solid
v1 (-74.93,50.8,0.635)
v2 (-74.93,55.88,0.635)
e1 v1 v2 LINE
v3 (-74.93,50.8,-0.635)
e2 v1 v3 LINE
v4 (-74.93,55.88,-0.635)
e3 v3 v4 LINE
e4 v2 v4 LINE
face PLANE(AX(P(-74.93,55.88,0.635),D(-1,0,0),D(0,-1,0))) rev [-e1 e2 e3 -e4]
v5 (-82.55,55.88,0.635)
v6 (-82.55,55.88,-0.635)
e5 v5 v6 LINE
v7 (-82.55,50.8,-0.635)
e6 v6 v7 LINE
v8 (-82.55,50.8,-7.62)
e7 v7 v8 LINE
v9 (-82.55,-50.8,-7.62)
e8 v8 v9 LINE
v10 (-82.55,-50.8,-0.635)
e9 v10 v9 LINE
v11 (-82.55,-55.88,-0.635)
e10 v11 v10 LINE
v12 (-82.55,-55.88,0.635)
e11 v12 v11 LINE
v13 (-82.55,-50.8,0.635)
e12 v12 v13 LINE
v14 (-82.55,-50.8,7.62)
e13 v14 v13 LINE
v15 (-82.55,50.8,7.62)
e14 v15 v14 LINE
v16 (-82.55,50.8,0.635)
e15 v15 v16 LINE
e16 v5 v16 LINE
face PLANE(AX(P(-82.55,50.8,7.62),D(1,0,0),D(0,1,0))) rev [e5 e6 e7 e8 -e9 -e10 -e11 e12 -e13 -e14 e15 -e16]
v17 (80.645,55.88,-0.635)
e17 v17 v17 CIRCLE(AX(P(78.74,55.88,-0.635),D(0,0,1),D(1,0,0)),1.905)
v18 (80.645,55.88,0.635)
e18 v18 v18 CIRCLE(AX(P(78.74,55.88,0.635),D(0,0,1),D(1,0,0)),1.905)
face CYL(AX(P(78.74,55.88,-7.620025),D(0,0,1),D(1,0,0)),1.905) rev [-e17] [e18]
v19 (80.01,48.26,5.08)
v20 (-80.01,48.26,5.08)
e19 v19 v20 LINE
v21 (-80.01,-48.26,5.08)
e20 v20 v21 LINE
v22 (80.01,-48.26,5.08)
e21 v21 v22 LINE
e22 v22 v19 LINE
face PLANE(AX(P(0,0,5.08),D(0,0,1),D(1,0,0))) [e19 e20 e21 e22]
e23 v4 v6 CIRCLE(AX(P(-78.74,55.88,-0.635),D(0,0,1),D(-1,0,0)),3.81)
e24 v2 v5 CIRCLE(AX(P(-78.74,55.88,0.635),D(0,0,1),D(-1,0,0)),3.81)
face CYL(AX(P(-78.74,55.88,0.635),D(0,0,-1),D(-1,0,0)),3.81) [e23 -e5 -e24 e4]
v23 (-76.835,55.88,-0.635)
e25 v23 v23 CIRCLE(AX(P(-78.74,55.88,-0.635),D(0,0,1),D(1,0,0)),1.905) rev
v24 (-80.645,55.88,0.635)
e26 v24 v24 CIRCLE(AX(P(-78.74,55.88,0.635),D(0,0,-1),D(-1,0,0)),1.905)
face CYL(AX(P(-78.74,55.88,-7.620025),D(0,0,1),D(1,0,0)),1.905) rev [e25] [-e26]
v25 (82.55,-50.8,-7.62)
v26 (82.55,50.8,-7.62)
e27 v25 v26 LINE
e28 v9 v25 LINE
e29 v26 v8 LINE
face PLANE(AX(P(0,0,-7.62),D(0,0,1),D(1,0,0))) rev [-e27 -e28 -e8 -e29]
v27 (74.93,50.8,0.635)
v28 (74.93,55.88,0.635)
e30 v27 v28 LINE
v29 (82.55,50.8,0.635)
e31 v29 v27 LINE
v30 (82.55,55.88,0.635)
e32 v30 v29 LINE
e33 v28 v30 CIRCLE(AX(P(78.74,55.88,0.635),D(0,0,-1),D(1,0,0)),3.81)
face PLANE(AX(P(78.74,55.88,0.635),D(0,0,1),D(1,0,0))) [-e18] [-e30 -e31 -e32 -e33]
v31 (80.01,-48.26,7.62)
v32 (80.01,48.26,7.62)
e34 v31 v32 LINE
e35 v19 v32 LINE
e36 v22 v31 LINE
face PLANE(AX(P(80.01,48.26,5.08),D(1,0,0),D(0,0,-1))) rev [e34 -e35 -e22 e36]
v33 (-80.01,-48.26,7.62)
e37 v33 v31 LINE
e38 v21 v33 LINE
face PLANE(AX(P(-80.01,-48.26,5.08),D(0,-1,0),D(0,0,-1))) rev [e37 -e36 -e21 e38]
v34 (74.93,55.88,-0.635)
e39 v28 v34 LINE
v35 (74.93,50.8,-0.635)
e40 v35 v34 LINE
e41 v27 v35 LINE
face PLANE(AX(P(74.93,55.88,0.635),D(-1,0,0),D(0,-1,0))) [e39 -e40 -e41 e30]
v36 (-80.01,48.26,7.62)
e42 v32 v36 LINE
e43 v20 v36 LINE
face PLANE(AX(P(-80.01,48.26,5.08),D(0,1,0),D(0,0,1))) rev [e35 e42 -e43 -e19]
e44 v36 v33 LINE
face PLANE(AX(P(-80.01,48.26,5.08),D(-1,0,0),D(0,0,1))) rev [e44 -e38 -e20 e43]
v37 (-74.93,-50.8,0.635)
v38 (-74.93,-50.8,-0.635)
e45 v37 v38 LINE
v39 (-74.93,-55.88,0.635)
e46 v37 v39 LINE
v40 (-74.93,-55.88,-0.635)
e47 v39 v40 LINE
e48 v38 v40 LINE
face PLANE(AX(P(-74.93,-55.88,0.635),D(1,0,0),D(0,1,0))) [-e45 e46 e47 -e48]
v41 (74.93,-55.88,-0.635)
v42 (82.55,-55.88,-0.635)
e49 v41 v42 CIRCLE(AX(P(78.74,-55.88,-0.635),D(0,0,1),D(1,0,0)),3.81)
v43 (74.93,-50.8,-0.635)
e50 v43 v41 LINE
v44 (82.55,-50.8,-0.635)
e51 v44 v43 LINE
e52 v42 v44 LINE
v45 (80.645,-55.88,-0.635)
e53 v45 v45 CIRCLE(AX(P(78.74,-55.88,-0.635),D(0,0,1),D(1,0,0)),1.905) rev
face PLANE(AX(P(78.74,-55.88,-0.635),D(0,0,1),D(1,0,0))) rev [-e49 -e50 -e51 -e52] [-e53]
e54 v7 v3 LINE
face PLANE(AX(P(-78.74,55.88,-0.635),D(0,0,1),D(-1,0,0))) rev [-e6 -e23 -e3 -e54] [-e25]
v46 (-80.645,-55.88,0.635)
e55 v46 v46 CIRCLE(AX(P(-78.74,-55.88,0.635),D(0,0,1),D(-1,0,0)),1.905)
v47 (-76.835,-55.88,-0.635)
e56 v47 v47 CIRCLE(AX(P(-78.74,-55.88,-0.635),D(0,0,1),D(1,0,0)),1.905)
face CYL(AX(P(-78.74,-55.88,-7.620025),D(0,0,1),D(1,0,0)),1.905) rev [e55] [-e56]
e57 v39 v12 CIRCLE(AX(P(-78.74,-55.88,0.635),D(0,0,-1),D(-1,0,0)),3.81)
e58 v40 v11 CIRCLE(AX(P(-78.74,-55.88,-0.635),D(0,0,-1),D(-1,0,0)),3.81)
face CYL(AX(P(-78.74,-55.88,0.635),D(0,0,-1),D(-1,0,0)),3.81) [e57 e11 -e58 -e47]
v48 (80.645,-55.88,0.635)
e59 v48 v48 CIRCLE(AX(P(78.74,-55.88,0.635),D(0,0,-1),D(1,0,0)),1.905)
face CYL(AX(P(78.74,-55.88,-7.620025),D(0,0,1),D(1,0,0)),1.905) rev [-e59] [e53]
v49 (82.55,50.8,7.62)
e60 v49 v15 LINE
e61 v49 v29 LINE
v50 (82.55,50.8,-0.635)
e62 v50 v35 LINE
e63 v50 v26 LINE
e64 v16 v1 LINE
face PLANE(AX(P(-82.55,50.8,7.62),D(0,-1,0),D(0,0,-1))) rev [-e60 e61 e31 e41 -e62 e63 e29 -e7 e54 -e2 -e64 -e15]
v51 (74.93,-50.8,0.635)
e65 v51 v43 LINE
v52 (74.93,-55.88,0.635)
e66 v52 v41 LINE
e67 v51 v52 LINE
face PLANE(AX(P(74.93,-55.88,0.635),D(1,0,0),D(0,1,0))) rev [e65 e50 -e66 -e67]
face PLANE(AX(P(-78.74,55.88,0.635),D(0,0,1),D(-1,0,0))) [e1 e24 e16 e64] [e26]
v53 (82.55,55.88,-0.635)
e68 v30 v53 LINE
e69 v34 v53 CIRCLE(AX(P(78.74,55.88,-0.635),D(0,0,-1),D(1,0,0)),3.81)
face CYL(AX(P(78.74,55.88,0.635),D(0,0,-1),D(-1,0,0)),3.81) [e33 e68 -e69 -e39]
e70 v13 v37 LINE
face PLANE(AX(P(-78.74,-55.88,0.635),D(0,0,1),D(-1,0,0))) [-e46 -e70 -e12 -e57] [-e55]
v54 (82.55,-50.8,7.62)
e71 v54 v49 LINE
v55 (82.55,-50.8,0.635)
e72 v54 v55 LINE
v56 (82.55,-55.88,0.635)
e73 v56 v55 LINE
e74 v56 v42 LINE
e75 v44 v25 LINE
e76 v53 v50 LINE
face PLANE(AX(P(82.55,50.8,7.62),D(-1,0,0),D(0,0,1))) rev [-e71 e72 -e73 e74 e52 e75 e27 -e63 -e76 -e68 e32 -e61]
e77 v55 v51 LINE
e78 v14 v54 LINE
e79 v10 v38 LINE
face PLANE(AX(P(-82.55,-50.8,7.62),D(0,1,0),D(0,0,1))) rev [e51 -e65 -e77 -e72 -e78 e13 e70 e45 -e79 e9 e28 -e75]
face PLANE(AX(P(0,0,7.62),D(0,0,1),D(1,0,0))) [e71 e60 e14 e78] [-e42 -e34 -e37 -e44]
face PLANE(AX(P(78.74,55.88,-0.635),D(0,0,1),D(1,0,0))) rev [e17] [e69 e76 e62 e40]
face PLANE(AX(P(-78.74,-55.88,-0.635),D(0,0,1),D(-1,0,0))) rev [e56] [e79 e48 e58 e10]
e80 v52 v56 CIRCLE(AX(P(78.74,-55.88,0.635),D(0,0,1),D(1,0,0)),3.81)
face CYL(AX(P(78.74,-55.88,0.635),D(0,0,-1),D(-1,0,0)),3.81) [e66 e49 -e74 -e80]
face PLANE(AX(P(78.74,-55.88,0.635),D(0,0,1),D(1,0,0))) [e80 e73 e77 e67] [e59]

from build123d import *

# Parameters (mm, degrees)
SKETCH1_W               = 165.1
SKETCH1_H               = 101.6
BOSS_EXTRUDE1_DEPTH     = 7.62
SKETCH2_W               = 160.02
SKETCH2_H               = 96.52
CUT_EXTRUDE1_DEPTH      = 2.54
BOSS_EXTRUDE2_START     = -7.62
BOSS_EXTRUDE2_DEPTH     = 0.635
SKETCH4_R               = 1.905
CUT_EXTRUDE2_DEPTH      = 103.203442334
MIRROR2_START           = -7.62
MIRROR2_COPY_1_DEPTH    = 0.635
MIRROR2_COPY_2_SKETCH_R = 1.905
MIRROR2_COPY_2_DEPTH    = 103.203442334


with BuildPart() as part:
    # Sketch1 → Boss-Extrude1 (new, symmetric)
    with BuildSketch(Plane.XY):
        Rectangle(SKETCH1_W, SKETCH1_H)
    extrude(amount=BOSS_EXTRUDE1_DEPTH, both=True)

    # Sketch2 → Cut-Extrude1 (cut)
    with BuildSketch(Plane.XY.offset(7.62)):
        Rectangle(SKETCH2_W, SKETCH2_H)
    extrude(amount=-CUT_EXTRUDE1_DEPTH, mode=Mode.SUBTRACT)

    # Sketch3 → Boss-Extrude2 (add, symmetric)
    with BuildSketch(Plane(origin=(0, 0, -7.62), x_dir=(-1, 0, 0), z_dir=(0, 0, -1)).offset(BOSS_EXTRUDE2_START)):
        with BuildLine():
            Line((-82.55, 55.88), (-82.55, 50.8))
            Line((-82.55, 50.8), (-74.93, 50.8))
            Line((-74.93, 50.8), (-74.93, 55.88))
            ThreePointArc((-74.93, 55.88), (-78.74, 59.69), (-82.55, 55.88))
        make_face()
    boss_extrude2 = extrude(amount=BOSS_EXTRUDE2_DEPTH, both=True)

    # Sketch4 → Cut-Extrude2 (cut, through all)
    with BuildSketch(Plane.XY.offset(0.635)):
        with Locations((78.74, 55.88)):
            Circle(SKETCH4_R)
    cut_extrude2 = extrude(amount=-CUT_EXTRUDE2_DEPTH, mode=Mode.SUBTRACT)

    # Mirror1: Boss-Extrude2, Cut-Extrude2 across plane
    add(boss_extrude2.mirror(Plane.ZX))
    add(cut_extrude2.mirror(Plane.ZX), mode=Mode.SUBTRACT)

    # Mirror2: Boss-Extrude2, Cut-Extrude2 across plane
    add(boss_extrude2.mirror(Plane(origin=(0, 0, 0), x_dir=(0, 0, 1), z_dir=(1, 0, 0))))
    add(cut_extrude2.mirror(Plane(origin=(0, 0, 0), x_dir=(0, 0, 1), z_dir=(1, 0, 0))), mode=Mode.SUBTRACT)

    # Mirror2 copy 1 sketch → Mirror2 copy 1 (add, symmetric)
    with BuildSketch(Plane(origin=(0, 0, -7.62), x_dir=(1, 0, 0), z_dir=(0, 0, -1)).offset(MIRROR2_START)):
        with BuildLine():
            Line((-82.55, 55.88), (-82.55, 50.8))
            Line((-82.55, 50.8), (-74.93, 50.8))
            Line((-74.93, 50.8), (-74.93, 55.88))
            ThreePointArc((-74.93, 55.88), (-78.74, 59.69), (-82.55, 55.88))
        make_face()
    extrude(amount=MIRROR2_COPY_1_DEPTH, both=True)

    # Mirror2 copy 2 sketch → Mirror2 copy 2 (cut, through all)
    with BuildSketch(Plane(origin=(0, 0, 0.635), x_dir=(-1, 0, 0), z_dir=(0, 0, 1))):
        with Locations((78.74, 55.88)):
            Circle(MIRROR2_COPY_2_SKETCH_R)
    extrude(amount=-MIRROR2_COPY_2_DEPTH, mode=Mode.SUBTRACT)


solid = part.part
